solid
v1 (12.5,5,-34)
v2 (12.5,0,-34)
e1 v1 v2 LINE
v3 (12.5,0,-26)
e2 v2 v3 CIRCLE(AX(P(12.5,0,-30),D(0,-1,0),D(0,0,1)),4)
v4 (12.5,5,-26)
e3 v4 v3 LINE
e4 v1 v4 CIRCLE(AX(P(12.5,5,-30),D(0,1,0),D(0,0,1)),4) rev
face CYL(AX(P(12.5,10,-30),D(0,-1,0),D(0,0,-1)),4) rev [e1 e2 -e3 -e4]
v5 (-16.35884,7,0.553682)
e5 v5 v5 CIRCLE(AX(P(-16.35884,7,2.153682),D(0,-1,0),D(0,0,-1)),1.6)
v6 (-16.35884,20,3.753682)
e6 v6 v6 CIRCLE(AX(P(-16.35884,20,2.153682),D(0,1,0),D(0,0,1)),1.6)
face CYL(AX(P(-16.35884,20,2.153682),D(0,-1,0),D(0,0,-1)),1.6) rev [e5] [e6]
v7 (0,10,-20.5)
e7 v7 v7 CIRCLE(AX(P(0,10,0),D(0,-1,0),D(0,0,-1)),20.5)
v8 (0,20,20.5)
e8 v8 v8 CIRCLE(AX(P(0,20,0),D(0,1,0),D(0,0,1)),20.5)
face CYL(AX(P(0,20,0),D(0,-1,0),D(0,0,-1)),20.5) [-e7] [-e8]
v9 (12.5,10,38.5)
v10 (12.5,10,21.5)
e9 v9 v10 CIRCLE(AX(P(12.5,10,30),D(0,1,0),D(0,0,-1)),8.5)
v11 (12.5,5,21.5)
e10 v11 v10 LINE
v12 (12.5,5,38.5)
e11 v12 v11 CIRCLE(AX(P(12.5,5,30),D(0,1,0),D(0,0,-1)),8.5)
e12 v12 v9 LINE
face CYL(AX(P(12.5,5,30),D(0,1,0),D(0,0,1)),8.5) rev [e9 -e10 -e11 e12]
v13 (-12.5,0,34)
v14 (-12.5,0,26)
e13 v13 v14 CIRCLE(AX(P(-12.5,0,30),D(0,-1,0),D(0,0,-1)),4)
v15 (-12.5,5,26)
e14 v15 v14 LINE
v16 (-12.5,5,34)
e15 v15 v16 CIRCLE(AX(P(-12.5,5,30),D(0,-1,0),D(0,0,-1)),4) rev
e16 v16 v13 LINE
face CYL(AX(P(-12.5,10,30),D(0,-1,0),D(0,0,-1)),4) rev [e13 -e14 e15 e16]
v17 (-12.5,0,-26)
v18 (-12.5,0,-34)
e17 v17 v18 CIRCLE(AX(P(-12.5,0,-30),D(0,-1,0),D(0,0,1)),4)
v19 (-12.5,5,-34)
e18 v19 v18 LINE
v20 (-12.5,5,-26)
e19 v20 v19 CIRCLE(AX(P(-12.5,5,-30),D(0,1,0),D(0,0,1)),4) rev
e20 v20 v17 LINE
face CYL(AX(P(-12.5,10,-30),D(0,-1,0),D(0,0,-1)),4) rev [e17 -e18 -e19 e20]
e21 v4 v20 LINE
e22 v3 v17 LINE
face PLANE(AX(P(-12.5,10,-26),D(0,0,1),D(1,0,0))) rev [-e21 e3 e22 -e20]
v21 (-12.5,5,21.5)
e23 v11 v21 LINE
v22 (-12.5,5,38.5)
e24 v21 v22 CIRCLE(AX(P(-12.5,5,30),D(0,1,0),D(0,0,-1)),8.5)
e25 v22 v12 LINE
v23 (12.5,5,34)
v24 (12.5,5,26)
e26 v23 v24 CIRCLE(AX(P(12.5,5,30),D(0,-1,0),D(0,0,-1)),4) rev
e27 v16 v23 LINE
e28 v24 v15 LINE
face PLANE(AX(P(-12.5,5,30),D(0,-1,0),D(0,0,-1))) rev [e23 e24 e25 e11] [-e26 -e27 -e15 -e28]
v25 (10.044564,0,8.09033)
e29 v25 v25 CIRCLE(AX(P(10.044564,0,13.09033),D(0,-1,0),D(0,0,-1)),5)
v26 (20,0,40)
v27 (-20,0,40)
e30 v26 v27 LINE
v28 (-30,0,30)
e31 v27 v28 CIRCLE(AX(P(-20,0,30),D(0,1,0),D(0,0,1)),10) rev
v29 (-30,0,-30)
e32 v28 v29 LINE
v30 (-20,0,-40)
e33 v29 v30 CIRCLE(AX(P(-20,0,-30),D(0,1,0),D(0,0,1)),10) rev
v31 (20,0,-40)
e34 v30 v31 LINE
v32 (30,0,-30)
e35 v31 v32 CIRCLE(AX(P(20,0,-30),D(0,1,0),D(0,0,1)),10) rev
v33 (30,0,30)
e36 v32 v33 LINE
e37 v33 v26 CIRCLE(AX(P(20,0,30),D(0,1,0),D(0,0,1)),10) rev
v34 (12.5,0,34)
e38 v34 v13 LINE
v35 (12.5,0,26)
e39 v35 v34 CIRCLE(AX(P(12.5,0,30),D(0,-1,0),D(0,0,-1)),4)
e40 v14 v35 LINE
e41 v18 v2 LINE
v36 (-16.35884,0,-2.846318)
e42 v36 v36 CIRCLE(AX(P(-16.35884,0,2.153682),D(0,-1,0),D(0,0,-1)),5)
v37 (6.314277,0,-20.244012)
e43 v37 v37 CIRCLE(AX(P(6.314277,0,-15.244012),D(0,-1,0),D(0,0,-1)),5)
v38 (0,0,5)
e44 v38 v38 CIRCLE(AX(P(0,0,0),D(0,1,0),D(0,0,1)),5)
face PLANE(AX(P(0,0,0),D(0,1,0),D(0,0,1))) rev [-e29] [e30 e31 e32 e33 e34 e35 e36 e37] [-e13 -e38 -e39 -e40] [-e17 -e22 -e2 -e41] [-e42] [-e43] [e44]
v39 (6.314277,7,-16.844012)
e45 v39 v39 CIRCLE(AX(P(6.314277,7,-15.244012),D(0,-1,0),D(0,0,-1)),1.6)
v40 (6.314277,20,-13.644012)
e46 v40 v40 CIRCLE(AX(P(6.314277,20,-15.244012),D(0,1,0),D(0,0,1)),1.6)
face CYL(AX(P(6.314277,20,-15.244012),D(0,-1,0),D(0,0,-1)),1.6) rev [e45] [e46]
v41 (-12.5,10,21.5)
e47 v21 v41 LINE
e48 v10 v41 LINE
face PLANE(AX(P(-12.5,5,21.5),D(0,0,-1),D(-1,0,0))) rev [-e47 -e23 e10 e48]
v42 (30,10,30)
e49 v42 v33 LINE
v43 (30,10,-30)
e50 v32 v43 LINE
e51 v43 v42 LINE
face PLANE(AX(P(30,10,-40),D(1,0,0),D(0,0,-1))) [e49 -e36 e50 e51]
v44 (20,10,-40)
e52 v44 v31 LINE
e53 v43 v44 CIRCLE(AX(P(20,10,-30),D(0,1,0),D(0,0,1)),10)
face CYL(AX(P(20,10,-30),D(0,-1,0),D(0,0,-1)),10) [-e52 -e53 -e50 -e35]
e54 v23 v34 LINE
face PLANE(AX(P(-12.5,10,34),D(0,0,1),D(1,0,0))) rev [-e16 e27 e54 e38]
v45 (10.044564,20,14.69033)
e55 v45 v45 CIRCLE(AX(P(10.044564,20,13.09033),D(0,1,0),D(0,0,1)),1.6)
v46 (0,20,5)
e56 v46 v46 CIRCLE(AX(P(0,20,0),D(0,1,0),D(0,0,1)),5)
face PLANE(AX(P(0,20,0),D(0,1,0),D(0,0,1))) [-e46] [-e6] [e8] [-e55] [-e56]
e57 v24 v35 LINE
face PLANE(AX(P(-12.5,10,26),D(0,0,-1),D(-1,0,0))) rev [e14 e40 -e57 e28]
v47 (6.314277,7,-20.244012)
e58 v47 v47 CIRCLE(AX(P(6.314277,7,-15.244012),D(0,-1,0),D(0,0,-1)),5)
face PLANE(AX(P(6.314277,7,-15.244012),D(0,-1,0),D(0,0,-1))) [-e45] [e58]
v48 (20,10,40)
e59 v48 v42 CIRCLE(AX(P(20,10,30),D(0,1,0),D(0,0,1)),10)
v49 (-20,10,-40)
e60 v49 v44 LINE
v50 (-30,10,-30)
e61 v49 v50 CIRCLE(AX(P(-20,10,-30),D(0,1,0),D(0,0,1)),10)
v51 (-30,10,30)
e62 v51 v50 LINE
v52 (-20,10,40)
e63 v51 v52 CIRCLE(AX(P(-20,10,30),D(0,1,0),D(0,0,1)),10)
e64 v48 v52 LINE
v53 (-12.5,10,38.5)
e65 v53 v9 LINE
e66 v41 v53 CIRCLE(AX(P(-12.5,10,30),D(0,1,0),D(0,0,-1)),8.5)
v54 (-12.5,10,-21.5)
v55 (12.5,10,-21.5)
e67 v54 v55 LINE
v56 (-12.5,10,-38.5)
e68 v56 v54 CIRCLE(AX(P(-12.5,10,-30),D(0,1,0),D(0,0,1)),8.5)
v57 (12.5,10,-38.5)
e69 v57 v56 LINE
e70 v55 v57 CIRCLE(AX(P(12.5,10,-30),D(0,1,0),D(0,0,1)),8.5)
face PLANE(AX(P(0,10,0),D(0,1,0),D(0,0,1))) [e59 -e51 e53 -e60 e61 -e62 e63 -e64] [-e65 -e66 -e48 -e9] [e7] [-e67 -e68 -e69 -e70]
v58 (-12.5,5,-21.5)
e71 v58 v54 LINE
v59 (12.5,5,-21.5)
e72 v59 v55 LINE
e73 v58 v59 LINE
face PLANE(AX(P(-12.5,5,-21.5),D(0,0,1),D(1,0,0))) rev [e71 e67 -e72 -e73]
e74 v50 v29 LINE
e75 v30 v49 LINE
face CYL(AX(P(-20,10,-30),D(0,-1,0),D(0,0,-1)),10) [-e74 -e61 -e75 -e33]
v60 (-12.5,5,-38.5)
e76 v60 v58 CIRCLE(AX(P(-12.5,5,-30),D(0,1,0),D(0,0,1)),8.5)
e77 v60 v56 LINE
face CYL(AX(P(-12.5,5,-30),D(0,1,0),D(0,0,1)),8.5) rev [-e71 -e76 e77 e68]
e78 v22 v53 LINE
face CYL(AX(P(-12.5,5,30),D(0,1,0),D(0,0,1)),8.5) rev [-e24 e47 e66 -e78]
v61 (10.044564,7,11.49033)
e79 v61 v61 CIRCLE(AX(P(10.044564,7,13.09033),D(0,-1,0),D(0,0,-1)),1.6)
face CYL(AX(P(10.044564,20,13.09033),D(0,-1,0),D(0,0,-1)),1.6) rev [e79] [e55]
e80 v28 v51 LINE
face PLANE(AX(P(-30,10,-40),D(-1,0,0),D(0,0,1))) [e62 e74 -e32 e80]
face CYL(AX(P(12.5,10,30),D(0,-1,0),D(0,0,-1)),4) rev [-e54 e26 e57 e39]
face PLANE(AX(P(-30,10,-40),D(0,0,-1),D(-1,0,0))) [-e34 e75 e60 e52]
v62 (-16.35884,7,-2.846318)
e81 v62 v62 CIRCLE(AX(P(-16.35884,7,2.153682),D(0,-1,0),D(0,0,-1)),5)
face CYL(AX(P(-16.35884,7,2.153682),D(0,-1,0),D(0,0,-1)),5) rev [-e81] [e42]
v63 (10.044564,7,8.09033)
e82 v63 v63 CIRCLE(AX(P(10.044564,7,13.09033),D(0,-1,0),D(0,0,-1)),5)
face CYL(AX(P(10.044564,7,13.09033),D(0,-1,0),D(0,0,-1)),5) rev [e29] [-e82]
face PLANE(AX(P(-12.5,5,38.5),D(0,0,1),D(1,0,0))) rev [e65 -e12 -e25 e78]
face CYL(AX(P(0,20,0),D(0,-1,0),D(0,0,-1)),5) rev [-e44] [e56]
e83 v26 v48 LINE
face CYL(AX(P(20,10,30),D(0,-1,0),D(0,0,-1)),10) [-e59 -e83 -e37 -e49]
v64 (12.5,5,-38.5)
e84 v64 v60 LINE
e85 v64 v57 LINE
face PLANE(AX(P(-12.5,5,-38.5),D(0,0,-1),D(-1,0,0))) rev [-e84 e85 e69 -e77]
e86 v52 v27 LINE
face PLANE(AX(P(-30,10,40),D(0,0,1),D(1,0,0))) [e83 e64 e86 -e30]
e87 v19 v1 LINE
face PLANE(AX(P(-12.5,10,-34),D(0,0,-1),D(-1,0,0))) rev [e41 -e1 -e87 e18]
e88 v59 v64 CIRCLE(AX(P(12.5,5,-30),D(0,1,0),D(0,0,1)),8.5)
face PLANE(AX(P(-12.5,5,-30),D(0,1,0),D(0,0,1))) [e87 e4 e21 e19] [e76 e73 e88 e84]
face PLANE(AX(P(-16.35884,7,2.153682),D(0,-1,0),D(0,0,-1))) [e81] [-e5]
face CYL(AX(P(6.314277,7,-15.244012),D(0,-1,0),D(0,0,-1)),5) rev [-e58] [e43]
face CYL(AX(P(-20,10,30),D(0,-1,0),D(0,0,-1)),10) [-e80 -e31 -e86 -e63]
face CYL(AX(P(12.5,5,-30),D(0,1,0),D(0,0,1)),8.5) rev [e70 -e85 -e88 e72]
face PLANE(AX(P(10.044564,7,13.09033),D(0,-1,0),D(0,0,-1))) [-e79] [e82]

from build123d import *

# Parameters (mm, degrees)
SKETCH1_R           = 20.5
SKETCH1_R_2         = 1.6
SKETCH1_R_3         = 5
BOSS_EXTRUDE1_DEPTH = 20
SKETCH2_W           = 60
SKETCH2_H           = 80
SKETCH2_R           = 20.5
BOSS_EXTRUDE2_DEPTH = 10
CUT_EXTRUDE1_DEPTH  = 5
FILLET1_R           = 10
SKETCH4_R           = 5
CUT_EXTRUDE2_DEPTH  = 7


with BuildPart() as part:
    # Sketch1 → Boss-Extrude1 (new body)
    with BuildSketch(Plane(origin=(0, 0, 0), x_dir=(1, 0, 0), z_dir=(0, 1, 0))):
        with Locations(Location((0, 0, 0), (0, 0, 270))):
            Circle(SKETCH1_R)
        with Locations(Location((6.314276634, 15.244012286, 0), (0, 0, 270))):
            Circle(SKETCH1_R_2, mode=Mode.SUBTRACT)
        with Locations(Location((10.044563579, -13.090330115, 0), (0, 0, 270))):
            Circle(SKETCH1_R_2, mode=Mode.SUBTRACT)
        with Locations(Location((-16.358840213, -2.153682172, 0), (0, 0, 270))):
            Circle(SKETCH1_R_2, mode=Mode.SUBTRACT)
        with Locations(Location((0, 0, 0), (0, 0, 270))):
            Circle(SKETCH1_R_3, mode=Mode.SUBTRACT)
    extrude(amount=BOSS_EXTRUDE1_DEPTH)

    # Sketch2 → Boss-Extrude2 (add)
    with BuildSketch(Plane.XZ):
        Rectangle(SKETCH2_W, SKETCH2_H)
        with Locations(Location((0, 0, 0), (0, 0, 270))):
            Circle(SKETCH2_R, mode=Mode.SUBTRACT)
        with BuildLine():
            Line((-12.5, 34), (12.5, 34))
            ThreePointArc((12.5, 34), (16.5, 30), (12.5, 26))
            Line((12.5, 26), (-12.5, 26))
            ThreePointArc((-12.5, 26), (-16.5, 30), (-12.5, 34))
        make_face(mode=Mode.SUBTRACT)
        with BuildLine():
            Line((-12.5, -34), (12.5, -34))
            ThreePointArc((12.5, -34), (16.5, -30), (12.5, -26))
            Line((12.5, -26), (-12.5, -26))
            ThreePointArc((-12.5, -26), (-16.5, -30), (-12.5, -34))
        make_face(mode=Mode.SUBTRACT)
    extrude(amount=-BOSS_EXTRUDE2_DEPTH)

    # Sketch3 → Cut-Extrude1 (cut)
    with BuildSketch(Plane(origin=(0, 10, 0), x_dir=(1, 0, 0), z_dir=(0, 1, 0))):
        with BuildLine():
            Line((-12.5, 38.5), (12.5, 38.5))
            ThreePointArc((12.5, 38.5), (21, 30), (12.5, 21.5))
            Line((12.5, 21.5), (-12.5, 21.5))
            ThreePointArc((-12.5, 21.5), (-21, 30), (-12.5, 38.5))
        make_face()
        with BuildLine():
            Line((-12.5, -38.5), (12.5, -38.5))
            ThreePointArc((12.5, -38.5), (21, -30), (12.5, -21.5))
            Line((12.5, -21.5), (-12.5, -21.5))
            ThreePointArc((-12.5, -21.5), (-21, -30), (-12.5, -38.5))
        make_face()
    extrude(amount=-CUT_EXTRUDE1_DEPTH, mode=Mode.SUBTRACT)

    # Fillet1
    fillet1_edges = [part.edges().sort_by_distance(p)[0] for p in [
        (30, 5, 40),
        (30, 5, -40),
        (-30, 5, -40),
        (-30, 5, 40),
    ]]
    fillet(fillet1_edges, radius=FILLET1_R)

    # Sketch4 → Cut-Extrude2 (cut)
    with BuildSketch(Plane.XZ):
        with Locations(Location((10.044563579, 13.090330115, 0), (0, 0, 270))):
            Circle(SKETCH4_R)
        with Locations(Location((6.314276634, -15.244012286, 0), (0, 0, 270))):
            Circle(SKETCH4_R)
        with Locations(Location((-16.358840213, 2.153682172, 0), (0, 0, 270))):
            Circle(SKETCH4_R)
    extrude(amount=-CUT_EXTRUDE2_DEPTH, mode=Mode.SUBTRACT)


solid = part.part
